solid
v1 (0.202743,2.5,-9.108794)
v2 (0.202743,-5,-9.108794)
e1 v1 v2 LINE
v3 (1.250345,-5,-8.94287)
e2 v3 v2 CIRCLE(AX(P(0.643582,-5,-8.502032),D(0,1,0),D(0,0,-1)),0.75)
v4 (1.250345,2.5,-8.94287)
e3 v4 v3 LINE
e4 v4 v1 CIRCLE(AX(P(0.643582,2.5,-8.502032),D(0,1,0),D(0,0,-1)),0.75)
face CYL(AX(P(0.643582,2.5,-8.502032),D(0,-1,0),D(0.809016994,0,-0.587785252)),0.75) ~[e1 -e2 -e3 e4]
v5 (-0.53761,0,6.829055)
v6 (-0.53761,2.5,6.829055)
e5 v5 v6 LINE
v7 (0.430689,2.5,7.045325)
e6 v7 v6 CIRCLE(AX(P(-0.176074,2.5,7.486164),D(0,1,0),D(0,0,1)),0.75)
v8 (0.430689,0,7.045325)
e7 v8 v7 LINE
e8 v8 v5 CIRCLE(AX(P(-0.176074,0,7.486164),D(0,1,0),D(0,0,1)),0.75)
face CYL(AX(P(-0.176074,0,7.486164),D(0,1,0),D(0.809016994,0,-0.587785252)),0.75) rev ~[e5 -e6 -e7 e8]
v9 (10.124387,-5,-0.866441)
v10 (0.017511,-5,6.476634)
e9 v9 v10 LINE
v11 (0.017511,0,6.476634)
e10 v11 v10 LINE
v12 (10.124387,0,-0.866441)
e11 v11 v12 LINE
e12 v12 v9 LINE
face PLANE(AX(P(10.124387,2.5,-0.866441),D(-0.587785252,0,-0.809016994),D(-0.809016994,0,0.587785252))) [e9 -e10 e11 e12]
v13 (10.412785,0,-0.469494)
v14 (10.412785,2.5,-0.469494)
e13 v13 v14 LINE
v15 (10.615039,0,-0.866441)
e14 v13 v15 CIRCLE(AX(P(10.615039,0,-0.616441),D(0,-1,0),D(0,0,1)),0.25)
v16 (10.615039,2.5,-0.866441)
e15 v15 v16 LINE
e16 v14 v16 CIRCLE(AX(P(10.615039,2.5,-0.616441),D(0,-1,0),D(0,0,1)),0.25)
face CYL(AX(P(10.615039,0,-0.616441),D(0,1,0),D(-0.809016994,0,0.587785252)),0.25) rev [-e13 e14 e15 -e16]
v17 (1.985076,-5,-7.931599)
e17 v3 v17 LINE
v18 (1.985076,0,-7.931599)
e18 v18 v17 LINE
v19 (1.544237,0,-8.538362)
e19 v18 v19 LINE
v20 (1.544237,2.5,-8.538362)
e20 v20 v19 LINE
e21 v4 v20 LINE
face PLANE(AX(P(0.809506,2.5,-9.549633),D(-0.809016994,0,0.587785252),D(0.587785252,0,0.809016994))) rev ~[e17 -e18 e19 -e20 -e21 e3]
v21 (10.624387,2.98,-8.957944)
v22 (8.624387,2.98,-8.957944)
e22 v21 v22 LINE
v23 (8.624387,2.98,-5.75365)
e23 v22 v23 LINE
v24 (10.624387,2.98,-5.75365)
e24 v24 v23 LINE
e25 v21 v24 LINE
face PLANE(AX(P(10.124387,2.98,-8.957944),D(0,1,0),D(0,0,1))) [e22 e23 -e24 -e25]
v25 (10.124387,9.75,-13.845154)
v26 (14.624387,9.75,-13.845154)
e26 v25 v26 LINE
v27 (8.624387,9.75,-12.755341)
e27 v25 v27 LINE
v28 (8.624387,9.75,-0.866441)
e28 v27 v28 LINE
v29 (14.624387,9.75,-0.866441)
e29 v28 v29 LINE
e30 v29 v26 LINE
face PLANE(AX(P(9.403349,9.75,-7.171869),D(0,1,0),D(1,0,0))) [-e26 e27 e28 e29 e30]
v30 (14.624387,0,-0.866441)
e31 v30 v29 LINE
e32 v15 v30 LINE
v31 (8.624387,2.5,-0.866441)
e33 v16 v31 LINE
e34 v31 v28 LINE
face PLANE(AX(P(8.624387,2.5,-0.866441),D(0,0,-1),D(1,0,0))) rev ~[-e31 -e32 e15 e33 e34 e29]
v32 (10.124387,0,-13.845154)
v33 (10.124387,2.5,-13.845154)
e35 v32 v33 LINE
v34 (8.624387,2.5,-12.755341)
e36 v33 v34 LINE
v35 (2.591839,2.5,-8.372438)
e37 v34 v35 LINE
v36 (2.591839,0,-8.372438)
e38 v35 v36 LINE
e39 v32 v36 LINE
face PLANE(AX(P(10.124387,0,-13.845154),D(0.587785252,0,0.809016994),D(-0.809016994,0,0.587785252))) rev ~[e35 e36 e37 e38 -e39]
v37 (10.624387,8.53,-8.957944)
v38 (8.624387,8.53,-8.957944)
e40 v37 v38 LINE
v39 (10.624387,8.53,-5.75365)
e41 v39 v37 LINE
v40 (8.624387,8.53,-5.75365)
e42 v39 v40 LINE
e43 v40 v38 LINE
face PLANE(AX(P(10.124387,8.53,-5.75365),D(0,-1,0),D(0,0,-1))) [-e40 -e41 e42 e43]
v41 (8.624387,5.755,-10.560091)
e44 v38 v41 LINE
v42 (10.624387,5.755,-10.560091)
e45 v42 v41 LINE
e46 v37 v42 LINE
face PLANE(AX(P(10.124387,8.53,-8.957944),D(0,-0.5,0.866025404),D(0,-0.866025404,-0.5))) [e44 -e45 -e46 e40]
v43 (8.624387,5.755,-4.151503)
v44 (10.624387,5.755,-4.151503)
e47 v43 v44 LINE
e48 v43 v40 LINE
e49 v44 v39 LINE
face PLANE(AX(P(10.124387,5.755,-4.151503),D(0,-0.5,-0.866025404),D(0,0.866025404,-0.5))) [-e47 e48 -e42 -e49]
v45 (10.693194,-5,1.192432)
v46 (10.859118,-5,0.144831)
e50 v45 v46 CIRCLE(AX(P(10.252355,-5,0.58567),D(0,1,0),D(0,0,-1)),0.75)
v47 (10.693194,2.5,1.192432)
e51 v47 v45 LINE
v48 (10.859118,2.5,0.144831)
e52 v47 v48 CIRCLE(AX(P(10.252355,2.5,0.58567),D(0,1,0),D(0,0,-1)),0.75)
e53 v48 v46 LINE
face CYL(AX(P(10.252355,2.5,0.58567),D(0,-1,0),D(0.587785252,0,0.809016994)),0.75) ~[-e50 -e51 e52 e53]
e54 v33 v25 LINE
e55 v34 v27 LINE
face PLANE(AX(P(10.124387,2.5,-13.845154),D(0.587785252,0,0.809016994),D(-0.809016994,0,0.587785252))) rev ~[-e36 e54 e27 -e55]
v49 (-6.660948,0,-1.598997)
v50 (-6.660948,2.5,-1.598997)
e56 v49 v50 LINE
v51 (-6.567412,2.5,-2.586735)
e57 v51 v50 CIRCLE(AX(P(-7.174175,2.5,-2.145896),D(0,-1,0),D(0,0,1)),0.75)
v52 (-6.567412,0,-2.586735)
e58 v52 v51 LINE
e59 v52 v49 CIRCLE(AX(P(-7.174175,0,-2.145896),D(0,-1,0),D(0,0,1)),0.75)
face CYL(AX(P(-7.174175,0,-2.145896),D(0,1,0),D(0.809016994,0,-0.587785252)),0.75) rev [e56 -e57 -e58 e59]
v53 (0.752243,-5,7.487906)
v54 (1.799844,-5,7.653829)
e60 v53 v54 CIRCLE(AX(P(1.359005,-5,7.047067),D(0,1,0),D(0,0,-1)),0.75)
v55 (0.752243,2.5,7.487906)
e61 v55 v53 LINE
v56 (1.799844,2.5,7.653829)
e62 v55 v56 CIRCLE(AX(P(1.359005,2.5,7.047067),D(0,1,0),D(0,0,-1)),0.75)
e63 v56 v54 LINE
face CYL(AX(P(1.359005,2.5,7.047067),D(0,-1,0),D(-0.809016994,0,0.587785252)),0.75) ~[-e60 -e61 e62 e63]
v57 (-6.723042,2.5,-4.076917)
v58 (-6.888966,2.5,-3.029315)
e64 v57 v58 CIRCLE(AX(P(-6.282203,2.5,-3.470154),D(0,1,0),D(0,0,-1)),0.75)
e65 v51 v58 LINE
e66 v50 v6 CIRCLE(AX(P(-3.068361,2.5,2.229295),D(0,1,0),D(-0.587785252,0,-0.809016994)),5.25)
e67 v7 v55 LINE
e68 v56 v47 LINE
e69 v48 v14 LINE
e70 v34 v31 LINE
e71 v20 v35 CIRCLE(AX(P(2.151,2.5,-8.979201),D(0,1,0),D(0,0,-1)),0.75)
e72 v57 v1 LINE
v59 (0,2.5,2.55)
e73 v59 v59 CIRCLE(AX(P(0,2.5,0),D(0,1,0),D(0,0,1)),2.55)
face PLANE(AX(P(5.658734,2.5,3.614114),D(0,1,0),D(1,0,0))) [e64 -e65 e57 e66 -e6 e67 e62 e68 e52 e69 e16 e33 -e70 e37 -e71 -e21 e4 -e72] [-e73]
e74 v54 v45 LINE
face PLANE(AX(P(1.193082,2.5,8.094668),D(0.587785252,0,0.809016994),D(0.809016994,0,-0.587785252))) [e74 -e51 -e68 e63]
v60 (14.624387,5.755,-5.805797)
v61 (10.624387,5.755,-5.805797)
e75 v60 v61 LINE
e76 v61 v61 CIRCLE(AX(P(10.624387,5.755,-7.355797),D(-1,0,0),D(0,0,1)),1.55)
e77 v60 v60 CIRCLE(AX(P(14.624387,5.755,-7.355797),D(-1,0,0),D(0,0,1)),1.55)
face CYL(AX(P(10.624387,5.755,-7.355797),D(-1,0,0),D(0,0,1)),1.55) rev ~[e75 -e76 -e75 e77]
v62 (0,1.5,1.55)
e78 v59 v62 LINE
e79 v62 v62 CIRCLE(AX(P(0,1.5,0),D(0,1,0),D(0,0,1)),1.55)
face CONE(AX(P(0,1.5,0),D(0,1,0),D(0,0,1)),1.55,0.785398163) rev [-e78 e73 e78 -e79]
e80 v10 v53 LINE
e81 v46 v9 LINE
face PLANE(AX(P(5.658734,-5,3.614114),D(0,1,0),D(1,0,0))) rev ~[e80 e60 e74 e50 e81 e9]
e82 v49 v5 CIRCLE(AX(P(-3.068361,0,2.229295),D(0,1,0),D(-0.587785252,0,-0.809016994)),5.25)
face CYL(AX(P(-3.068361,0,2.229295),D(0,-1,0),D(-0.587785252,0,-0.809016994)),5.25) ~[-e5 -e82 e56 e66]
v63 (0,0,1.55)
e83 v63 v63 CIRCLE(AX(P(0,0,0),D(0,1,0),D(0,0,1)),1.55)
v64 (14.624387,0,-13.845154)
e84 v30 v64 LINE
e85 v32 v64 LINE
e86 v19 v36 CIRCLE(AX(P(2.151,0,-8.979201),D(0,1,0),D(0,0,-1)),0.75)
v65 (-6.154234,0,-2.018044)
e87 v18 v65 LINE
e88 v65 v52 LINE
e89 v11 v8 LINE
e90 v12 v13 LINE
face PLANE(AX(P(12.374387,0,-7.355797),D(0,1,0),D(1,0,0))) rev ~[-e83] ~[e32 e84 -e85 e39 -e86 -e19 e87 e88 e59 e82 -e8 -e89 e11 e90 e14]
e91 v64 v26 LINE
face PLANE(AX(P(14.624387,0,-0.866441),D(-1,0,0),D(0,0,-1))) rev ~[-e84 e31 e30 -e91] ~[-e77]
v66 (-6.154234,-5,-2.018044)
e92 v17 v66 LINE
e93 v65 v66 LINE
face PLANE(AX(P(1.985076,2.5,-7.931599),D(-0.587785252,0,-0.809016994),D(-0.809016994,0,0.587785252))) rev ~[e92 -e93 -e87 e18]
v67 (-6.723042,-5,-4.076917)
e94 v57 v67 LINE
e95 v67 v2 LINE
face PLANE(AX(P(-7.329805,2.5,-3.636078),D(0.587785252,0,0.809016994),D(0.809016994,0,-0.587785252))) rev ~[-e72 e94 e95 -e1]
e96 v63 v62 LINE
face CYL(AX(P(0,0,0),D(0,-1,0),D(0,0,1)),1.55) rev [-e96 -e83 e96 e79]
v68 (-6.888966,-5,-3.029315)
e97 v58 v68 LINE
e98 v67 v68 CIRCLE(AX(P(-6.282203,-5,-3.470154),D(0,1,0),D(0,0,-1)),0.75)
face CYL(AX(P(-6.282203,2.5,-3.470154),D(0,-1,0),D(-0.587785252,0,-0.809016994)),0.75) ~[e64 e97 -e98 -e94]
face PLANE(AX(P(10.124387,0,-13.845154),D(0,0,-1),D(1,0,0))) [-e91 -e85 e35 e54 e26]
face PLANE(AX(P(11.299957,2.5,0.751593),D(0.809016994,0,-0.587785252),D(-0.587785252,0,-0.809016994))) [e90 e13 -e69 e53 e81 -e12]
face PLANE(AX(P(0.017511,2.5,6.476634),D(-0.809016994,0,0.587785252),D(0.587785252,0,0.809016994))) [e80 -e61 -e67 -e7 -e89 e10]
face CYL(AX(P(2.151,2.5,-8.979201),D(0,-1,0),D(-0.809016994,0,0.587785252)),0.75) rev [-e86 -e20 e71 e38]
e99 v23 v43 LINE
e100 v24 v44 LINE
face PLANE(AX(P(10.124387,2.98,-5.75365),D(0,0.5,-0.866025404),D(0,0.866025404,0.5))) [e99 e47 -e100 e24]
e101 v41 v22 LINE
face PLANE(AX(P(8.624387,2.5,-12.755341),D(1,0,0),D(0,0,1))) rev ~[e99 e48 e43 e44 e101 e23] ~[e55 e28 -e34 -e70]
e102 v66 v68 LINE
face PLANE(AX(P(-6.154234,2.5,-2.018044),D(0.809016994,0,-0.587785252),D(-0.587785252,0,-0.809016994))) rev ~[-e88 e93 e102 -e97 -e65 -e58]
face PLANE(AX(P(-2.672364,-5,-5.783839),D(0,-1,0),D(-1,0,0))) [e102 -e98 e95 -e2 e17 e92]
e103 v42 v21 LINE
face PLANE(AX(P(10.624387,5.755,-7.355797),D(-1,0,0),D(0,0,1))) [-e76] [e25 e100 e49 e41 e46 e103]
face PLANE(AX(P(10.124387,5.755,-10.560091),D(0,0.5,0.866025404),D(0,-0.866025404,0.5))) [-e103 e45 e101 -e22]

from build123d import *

# Parameters (mm, degrees)
SKETCH_1_R             = 1.55
EXTRUDE_409_DEPTH      = 2.5
EXTRUDE_START          = 2.5
EXTRUDE_652_DEPTH      = 7.5
SKETCH_3_W             = 4.5
SKETCH_3_H             = 12.978713764
EXTRUDE_1_DEPTH        = 9.75
CHAMFER_1_SIZE         = 1
CUT_EXTRUDE_1251_DEPTH = 2
CUT_EXTRUDE_M3_REACH   = 27.038
SKETCH_6_R             = 1.55
EXTRUDE_1_2_DEPTH      = 7.25
CUT_EXTRUDE_1709_DEPTH = 26.037686694
EXTRUDE_START_2        = 1.5
SKETCH_8_R             = 1.55
EXTRUDE_2_DEPTH        = 1.5
FILLET_5_R             = 0.75
FILLET_6_R             = 0.25


with BuildPart() as part:
    # 草图1 → Extrude 409 (new body)
    with BuildSketch(Plane(origin=(0, 0, 0), x_dir=(1, 0, 0), z_dir=(0, 1, 0))):
        with BuildLine():
            Line((10.1243866, 13.845154317), (-6.15423406, 2.01804411))
            ThreePointArc((-6.15423406, 2.01804411), (-7.315700706, -5.315167685), (0.017511089, -6.476634331))
            Line((0.017511089, -6.476634331), (10.1243866, 0.866440553))
            Line((10.1243866, 0.866440553), (10.1243866, 13.845154317))
        make_face()
        with Locations(Location((0, 0, 0), (0, 0, 270))):
            Circle(SKETCH_1_R, mode=Mode.SUBTRACT)
    extrude(amount=EXTRUDE_409_DEPTH)

    # 草图2 → Extrude 652 (add)
    with BuildSketch(Plane(origin=(0, 0, 0), x_dir=(1, 0, 0), z_dir=(0, 1, 0)).offset(EXTRUDE_START)):
        Polygon((0.017511089, -6.476634331), (1.193081594, -8.09466832), (11.299957105, -0.751593436), (10.1243866, 0.866440553), align=None)
        Polygon((-7.329804565, 3.636078099), (0.809505765, 9.549633202), (1.98507627, 7.931599213), (-6.15423406, 2.01804411), align=None)
    extrude(amount=-EXTRUDE_652_DEPTH)

    # 草图3 → Extrude 1 (add)
    with BuildSketch(Plane(origin=(0, 0, 0), x_dir=(1, 0, 0), z_dir=(0, 1, 0))):
        with Locations((12.3743866, 7.355797435)):
            Rectangle(SKETCH_3_W, SKETCH_3_H)
    extrude(amount=EXTRUDE_1_DEPTH)

    # 倒角1
    chamfer_1_edges = [part.edges().sort_by_distance(p)[0] for p in [
        (0, 2.5, -1.55),
    ]]
    chamfer(chamfer_1_edges, length=CHAMFER_1_SIZE)

    # 草图5 → Cut-Extrude 1251 (cut)
    with BuildSketch(Plane.ZY.offset(-10.1243866)):
        Polygon((-4.151503441, 5.755), (-5.753650438, 8.53), (-8.957944432, 8.53), (-10.560091429, 5.755), (-8.957944432, 2.98), (-5.753650438, 2.98), align=None)
    extrude(amount=-CUT_EXTRUDE_1251_DEPTH, mode=Mode.SUBTRACT)

    # 草图6 → M3螺孔 (cut, up to next)
    with BuildSketch(Plane.ZY.offset(-10.1243866), mode=Mode.PRIVATE) as cut_extrude_m3_sk1:
        with Locations((-7.355797435, 5.755)):
            Circle(SKETCH_6_R)
    cut_extrude_m3_tool1 = extrude(cut_extrude_m3_sk1.sketch, amount=-CUT_EXTRUDE_M3_REACH, mode=Mode.PRIVATE) & part.part
    add(cut_extrude_m3_tool1.solids().sort_by_distance((10.124387, 5.755, -7.355797))[0], mode=Mode.SUBTRACT)

    # 草图7 → Extrude 1 2 (add)
    with BuildSketch(Plane(origin=(0, 0, 0), x_dir=(1, 0, 0), z_dir=(0, 1, 0)).offset(EXTRUDE_START)):
        Polygon((10.1243866, 13.845154317), (8.6243866, 12.755340525), (8.6243866, 0.866440553), (10.1243866, 0.866440553), align=None)
    extrude(amount=EXTRUDE_1_2_DEPTH)

    # 草图5<2> → Cut-Extrude 1709 (cut, through all)
    with BuildSketch(Plane.ZY.offset(-10.1243866)):
        Polygon((-4.151503441, 5.755), (-5.753650438, 8.53), (-8.957944432, 8.53), (-10.560091429, 5.755), (-8.957944432, 2.98), (-5.753650438, 2.98), align=None)
    extrude(amount=CUT_EXTRUDE_1709_DEPTH, mode=Mode.SUBTRACT)

    # 草图8 → 结构补强螺母位-2 (add)
    with BuildSketch(Plane.ZY.offset(-12.1243866).offset(EXTRUDE_START_2)):
        Polygon((-5.753650438, 2.98), (-4.151503441, 5.755), (-5.753650438, 8.53), (-8.957944432, 8.53), (-10.560091429, 5.755), (-8.957944432, 2.98), align=None)
        with Locations((-7.355797435, 5.755)):
            Circle(SKETCH_8_R, mode=Mode.SUBTRACT)
    extrude(amount=-EXTRUDE_2_DEPTH)

    # 圆角5
    fillet_5_edges = [part.edges().sort_by_distance(p)[0] for p in [
        (11.299957105, -1.25, 0.751593436),
        (1.193081594, -1.25, 8.09466832),
        (1.98507627, 1.25, -7.931599213),
        (-7.329804565, -1.25, -3.636078099),
        (0.809505765, -1.25, -9.549633202),
        (-6.15423406, 1.25, -2.01804411),
        (0.017511089, 1.25, 6.476634331),
    ]]
    fillet(fillet_5_edges, radius=FILLET_5_R)

    # 圆角6
    fillet_6_edges = [part.edges().sort_by_distance(p)[0] for p in [
        (10.1243866, 1.25, -0.866440553),
    ]]
    fillet(fillet_6_edges, radius=FILLET_6_R)


solid = part.part
